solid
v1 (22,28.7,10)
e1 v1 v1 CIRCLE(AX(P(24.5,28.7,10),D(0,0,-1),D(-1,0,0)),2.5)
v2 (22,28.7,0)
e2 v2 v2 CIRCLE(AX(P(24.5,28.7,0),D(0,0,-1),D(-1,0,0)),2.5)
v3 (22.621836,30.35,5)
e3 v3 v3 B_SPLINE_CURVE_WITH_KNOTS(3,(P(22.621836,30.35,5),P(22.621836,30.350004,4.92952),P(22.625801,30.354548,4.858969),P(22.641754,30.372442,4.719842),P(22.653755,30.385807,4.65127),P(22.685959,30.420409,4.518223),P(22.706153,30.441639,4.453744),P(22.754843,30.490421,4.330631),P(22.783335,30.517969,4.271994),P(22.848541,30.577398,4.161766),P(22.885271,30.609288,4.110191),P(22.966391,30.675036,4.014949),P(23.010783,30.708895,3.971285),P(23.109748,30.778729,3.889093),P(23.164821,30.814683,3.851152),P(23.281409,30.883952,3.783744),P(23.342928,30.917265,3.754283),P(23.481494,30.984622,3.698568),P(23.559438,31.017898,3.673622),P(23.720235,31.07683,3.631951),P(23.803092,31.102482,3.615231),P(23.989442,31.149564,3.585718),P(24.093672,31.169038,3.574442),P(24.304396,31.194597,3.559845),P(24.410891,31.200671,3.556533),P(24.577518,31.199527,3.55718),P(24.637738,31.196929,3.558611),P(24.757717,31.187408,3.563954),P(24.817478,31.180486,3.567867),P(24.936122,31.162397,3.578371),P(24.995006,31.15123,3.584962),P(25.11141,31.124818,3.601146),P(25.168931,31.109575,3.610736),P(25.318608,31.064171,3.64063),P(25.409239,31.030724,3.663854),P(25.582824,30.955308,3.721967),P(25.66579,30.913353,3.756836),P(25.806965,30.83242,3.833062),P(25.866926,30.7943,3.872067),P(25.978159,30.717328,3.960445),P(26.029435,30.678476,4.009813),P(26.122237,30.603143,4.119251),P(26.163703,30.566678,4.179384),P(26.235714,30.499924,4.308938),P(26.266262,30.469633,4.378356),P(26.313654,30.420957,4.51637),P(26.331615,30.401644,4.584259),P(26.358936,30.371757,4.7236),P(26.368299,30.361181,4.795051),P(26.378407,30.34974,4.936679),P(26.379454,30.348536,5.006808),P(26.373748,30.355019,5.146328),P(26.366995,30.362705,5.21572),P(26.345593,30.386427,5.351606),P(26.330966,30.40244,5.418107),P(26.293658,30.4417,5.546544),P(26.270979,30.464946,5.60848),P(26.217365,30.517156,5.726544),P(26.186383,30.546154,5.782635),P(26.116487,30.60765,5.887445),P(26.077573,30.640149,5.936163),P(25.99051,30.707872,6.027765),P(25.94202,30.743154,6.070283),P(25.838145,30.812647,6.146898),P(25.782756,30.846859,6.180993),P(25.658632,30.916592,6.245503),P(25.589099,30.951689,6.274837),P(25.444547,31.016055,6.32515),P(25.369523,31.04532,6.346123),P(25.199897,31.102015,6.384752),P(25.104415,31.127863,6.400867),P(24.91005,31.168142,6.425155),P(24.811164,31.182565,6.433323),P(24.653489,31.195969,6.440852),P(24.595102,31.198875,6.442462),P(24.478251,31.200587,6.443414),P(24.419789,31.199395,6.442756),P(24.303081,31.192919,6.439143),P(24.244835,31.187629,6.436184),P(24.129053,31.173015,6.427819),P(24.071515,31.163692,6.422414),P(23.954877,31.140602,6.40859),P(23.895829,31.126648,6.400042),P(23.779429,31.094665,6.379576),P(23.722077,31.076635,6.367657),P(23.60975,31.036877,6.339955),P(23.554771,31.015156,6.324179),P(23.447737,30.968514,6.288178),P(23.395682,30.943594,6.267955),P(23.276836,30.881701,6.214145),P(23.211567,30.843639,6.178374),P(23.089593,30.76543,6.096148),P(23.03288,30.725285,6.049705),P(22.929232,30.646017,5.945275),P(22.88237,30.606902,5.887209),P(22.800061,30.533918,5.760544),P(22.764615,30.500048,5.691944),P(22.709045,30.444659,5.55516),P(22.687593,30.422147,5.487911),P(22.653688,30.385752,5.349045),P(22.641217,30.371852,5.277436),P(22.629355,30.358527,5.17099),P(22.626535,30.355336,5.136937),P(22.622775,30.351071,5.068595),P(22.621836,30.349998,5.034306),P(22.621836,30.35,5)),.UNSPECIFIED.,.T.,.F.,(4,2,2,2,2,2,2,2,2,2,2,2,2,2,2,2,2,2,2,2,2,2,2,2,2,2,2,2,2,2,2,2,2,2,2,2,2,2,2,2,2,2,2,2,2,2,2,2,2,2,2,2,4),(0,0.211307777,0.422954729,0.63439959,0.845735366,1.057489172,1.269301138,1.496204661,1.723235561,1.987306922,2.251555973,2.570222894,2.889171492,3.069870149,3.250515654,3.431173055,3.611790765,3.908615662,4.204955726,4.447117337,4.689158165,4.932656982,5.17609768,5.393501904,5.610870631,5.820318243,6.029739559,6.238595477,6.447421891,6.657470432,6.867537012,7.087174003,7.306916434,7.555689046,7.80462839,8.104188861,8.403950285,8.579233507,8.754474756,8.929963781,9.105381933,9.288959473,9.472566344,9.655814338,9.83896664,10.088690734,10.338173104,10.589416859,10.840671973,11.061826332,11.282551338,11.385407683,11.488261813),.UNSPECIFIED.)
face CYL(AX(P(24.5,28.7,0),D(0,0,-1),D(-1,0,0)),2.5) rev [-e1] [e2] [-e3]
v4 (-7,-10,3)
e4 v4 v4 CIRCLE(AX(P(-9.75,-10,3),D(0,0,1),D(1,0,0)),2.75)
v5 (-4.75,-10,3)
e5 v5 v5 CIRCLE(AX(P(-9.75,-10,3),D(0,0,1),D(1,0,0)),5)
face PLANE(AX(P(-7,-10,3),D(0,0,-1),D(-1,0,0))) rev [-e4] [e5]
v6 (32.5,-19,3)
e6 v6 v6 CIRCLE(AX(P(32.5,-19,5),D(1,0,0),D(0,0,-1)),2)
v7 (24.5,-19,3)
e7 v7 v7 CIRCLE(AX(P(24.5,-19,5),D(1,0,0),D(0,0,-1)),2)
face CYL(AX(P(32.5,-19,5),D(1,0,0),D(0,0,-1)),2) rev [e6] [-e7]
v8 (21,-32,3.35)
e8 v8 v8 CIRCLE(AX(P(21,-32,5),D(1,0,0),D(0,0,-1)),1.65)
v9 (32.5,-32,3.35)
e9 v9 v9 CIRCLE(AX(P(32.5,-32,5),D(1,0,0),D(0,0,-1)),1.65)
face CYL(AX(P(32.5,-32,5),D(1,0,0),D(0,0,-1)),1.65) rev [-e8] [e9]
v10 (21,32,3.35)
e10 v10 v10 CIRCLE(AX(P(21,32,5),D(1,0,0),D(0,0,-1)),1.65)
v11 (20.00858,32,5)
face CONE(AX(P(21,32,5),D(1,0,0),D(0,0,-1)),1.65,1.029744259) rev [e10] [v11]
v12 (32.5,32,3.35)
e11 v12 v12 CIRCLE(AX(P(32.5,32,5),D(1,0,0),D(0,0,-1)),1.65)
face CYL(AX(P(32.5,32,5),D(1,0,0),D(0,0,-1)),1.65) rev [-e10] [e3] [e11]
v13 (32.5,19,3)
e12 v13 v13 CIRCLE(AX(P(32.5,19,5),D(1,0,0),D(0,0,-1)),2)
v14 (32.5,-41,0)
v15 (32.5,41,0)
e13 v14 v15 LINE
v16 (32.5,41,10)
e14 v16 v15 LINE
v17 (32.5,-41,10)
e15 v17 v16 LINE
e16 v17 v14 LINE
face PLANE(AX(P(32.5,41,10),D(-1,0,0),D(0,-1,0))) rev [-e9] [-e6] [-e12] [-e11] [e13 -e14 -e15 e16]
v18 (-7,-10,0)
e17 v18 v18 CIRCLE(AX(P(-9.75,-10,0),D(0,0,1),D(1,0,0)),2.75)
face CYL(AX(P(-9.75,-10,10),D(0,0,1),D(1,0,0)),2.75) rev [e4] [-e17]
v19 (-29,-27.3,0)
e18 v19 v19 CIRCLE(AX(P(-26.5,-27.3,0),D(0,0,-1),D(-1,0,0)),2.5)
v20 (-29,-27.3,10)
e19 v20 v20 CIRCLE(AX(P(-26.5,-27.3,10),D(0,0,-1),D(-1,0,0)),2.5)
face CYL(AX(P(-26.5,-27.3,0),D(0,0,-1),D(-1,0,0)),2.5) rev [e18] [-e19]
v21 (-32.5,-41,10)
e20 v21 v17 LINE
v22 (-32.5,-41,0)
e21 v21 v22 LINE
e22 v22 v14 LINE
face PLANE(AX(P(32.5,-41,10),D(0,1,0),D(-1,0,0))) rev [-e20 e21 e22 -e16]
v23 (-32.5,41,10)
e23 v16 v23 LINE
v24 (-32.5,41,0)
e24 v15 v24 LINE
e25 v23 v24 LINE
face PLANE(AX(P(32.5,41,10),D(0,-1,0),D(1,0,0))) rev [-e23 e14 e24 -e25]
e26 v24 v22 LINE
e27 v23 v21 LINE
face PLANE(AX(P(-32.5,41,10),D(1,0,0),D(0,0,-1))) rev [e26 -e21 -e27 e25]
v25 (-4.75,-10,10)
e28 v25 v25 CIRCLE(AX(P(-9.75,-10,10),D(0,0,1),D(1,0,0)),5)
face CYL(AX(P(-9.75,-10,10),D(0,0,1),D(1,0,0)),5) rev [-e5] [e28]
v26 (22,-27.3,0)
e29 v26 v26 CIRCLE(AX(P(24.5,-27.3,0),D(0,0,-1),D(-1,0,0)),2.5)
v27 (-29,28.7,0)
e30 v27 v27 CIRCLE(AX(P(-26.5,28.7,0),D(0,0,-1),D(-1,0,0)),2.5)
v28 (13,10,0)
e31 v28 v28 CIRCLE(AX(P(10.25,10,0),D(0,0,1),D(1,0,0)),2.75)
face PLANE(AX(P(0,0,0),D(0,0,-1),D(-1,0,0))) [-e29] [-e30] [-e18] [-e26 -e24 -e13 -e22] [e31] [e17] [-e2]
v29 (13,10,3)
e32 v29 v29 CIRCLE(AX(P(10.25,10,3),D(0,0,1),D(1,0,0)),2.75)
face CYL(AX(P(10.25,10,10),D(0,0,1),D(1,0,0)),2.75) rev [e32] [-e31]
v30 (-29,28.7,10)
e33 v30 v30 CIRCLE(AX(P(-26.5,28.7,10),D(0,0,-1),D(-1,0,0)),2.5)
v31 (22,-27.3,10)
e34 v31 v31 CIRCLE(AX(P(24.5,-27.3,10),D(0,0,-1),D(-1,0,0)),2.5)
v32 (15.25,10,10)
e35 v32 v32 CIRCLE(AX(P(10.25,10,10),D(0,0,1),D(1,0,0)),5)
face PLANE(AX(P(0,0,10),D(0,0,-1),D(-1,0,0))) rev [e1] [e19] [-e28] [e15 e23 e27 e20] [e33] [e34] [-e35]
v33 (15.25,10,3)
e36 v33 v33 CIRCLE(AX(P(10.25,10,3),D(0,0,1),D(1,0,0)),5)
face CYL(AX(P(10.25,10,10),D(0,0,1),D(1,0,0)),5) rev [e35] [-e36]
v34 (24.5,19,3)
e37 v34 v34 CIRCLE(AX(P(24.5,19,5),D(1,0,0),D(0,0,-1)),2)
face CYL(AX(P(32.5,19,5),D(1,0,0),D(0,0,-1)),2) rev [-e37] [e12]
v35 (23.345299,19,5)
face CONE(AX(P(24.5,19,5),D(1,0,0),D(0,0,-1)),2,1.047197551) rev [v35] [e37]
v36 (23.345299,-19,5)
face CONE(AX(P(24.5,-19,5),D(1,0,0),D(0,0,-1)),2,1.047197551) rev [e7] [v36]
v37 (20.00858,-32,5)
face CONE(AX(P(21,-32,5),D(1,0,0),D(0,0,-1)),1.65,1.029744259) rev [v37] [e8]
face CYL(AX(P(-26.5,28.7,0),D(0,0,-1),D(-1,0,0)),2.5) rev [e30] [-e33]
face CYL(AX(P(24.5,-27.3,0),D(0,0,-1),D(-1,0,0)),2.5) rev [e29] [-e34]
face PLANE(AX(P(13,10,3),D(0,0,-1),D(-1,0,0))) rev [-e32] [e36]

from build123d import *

# Parameters (mm, degrees)
ESQUISSE1_W                                        = 65
ESQUISSE1_H                                        = 82
BOSS_EXTRU_1_DEPTH                                 = 10
CHAMBRAGE_POUR_VIS_T_TE_HEXAGONALE_M51_D           = 5.5
CHAMBRAGE_POUR_VIS_T_TE_HEXAGONALE_M51_CBORE_D     = 10
CHAMBRAGE_POUR_VIS_T_TE_HEXAGONALE_M51_CBORE_DEPTH = 7
TROU_TARAUD_M42_D                                  = 3.3
TROU_TARAUD_M42_DEPTH                              = 11.5
TROU_TARAUD_M42_TIP                                = 0.991420021
TROUS_DE_CENTRAGE_4_0MMTRANSITIONAL_1_D            = 4
TROUS_DE_CENTRAGE_4_0MMTRANSITIONAL_1_DEPTH        = 8
TROUS_DE_CENTRAGE_4_0MMTRANSITIONAL_1_TIP          = 1.154700538
TROU_TARAUD_M61_D                                  = 5


with BuildPart() as part:
    # Esquisse1 → Boss.-Extru.1 (new body)
    with BuildSketch(Plane.XY):
        Rectangle(ESQUISSE1_W, ESQUISSE1_H)
    extrude(amount=BOSS_EXTRU_1_DEPTH)

    # Chambrage pour vis à tête hexagonale M51 (through all)
    with Locations(Plane.XY.offset(10)):
        with Locations((10.25, 10), (-9.75, -10)):
            CounterBoreHole(CHAMBRAGE_POUR_VIS_T_TE_HEXAGONALE_M51_D / 2, CHAMBRAGE_POUR_VIS_T_TE_HEXAGONALE_M51_CBORE_D / 2, CHAMBRAGE_POUR_VIS_T_TE_HEXAGONALE_M51_CBORE_DEPTH)

    # Trou taraudé M42
    with Locations(Plane(origin=(32.5, 0, 0), x_dir=(0, 0, -1), z_dir=(1, 0, 0))):
        with Locations((-5, -32), (-5, 32)):
            Hole(TROU_TARAUD_M42_D / 2, depth=TROU_TARAUD_M42_DEPTH)
            with Locations((0, 0, -(TROU_TARAUD_M42_DEPTH + TROU_TARAUD_M42_TIP / 2))):  # 118° drill point
                Cone(0, TROU_TARAUD_M42_D / 2, TROU_TARAUD_M42_TIP, mode=Mode.SUBTRACT)

    # Trous de centrage Ø4.0mmTransitional 1
    with Locations(Plane(origin=(32.5, 0, 0), x_dir=(0, 0, -1), z_dir=(1, 0, 0))):
        with Locations((-5, -19), (-5, 19)):
            Hole(TROUS_DE_CENTRAGE_4_0MMTRANSITIONAL_1_D / 2, depth=TROUS_DE_CENTRAGE_4_0MMTRANSITIONAL_1_DEPTH)
            with Locations((0, 0, -(TROUS_DE_CENTRAGE_4_0MMTRANSITIONAL_1_DEPTH + TROUS_DE_CENTRAGE_4_0MMTRANSITIONAL_1_TIP / 2))):  # 120° drill point
                Cone(0, TROUS_DE_CENTRAGE_4_0MMTRANSITIONAL_1_D / 2, TROUS_DE_CENTRAGE_4_0MMTRANSITIONAL_1_TIP, mode=Mode.SUBTRACT)

    # Trou taraudé M61 (through all)
    with Locations(Plane(origin=(0, 0, 0), x_dir=(-1, 0, 0), z_dir=(0, 0, -1))):
        with Locations((26.5, 28.7), (-24.5, 28.7), (-24.5, -27.3), (26.5, -27.3)):
            Hole(TROU_TARAUD_M61_D / 2)


solid = part.part
